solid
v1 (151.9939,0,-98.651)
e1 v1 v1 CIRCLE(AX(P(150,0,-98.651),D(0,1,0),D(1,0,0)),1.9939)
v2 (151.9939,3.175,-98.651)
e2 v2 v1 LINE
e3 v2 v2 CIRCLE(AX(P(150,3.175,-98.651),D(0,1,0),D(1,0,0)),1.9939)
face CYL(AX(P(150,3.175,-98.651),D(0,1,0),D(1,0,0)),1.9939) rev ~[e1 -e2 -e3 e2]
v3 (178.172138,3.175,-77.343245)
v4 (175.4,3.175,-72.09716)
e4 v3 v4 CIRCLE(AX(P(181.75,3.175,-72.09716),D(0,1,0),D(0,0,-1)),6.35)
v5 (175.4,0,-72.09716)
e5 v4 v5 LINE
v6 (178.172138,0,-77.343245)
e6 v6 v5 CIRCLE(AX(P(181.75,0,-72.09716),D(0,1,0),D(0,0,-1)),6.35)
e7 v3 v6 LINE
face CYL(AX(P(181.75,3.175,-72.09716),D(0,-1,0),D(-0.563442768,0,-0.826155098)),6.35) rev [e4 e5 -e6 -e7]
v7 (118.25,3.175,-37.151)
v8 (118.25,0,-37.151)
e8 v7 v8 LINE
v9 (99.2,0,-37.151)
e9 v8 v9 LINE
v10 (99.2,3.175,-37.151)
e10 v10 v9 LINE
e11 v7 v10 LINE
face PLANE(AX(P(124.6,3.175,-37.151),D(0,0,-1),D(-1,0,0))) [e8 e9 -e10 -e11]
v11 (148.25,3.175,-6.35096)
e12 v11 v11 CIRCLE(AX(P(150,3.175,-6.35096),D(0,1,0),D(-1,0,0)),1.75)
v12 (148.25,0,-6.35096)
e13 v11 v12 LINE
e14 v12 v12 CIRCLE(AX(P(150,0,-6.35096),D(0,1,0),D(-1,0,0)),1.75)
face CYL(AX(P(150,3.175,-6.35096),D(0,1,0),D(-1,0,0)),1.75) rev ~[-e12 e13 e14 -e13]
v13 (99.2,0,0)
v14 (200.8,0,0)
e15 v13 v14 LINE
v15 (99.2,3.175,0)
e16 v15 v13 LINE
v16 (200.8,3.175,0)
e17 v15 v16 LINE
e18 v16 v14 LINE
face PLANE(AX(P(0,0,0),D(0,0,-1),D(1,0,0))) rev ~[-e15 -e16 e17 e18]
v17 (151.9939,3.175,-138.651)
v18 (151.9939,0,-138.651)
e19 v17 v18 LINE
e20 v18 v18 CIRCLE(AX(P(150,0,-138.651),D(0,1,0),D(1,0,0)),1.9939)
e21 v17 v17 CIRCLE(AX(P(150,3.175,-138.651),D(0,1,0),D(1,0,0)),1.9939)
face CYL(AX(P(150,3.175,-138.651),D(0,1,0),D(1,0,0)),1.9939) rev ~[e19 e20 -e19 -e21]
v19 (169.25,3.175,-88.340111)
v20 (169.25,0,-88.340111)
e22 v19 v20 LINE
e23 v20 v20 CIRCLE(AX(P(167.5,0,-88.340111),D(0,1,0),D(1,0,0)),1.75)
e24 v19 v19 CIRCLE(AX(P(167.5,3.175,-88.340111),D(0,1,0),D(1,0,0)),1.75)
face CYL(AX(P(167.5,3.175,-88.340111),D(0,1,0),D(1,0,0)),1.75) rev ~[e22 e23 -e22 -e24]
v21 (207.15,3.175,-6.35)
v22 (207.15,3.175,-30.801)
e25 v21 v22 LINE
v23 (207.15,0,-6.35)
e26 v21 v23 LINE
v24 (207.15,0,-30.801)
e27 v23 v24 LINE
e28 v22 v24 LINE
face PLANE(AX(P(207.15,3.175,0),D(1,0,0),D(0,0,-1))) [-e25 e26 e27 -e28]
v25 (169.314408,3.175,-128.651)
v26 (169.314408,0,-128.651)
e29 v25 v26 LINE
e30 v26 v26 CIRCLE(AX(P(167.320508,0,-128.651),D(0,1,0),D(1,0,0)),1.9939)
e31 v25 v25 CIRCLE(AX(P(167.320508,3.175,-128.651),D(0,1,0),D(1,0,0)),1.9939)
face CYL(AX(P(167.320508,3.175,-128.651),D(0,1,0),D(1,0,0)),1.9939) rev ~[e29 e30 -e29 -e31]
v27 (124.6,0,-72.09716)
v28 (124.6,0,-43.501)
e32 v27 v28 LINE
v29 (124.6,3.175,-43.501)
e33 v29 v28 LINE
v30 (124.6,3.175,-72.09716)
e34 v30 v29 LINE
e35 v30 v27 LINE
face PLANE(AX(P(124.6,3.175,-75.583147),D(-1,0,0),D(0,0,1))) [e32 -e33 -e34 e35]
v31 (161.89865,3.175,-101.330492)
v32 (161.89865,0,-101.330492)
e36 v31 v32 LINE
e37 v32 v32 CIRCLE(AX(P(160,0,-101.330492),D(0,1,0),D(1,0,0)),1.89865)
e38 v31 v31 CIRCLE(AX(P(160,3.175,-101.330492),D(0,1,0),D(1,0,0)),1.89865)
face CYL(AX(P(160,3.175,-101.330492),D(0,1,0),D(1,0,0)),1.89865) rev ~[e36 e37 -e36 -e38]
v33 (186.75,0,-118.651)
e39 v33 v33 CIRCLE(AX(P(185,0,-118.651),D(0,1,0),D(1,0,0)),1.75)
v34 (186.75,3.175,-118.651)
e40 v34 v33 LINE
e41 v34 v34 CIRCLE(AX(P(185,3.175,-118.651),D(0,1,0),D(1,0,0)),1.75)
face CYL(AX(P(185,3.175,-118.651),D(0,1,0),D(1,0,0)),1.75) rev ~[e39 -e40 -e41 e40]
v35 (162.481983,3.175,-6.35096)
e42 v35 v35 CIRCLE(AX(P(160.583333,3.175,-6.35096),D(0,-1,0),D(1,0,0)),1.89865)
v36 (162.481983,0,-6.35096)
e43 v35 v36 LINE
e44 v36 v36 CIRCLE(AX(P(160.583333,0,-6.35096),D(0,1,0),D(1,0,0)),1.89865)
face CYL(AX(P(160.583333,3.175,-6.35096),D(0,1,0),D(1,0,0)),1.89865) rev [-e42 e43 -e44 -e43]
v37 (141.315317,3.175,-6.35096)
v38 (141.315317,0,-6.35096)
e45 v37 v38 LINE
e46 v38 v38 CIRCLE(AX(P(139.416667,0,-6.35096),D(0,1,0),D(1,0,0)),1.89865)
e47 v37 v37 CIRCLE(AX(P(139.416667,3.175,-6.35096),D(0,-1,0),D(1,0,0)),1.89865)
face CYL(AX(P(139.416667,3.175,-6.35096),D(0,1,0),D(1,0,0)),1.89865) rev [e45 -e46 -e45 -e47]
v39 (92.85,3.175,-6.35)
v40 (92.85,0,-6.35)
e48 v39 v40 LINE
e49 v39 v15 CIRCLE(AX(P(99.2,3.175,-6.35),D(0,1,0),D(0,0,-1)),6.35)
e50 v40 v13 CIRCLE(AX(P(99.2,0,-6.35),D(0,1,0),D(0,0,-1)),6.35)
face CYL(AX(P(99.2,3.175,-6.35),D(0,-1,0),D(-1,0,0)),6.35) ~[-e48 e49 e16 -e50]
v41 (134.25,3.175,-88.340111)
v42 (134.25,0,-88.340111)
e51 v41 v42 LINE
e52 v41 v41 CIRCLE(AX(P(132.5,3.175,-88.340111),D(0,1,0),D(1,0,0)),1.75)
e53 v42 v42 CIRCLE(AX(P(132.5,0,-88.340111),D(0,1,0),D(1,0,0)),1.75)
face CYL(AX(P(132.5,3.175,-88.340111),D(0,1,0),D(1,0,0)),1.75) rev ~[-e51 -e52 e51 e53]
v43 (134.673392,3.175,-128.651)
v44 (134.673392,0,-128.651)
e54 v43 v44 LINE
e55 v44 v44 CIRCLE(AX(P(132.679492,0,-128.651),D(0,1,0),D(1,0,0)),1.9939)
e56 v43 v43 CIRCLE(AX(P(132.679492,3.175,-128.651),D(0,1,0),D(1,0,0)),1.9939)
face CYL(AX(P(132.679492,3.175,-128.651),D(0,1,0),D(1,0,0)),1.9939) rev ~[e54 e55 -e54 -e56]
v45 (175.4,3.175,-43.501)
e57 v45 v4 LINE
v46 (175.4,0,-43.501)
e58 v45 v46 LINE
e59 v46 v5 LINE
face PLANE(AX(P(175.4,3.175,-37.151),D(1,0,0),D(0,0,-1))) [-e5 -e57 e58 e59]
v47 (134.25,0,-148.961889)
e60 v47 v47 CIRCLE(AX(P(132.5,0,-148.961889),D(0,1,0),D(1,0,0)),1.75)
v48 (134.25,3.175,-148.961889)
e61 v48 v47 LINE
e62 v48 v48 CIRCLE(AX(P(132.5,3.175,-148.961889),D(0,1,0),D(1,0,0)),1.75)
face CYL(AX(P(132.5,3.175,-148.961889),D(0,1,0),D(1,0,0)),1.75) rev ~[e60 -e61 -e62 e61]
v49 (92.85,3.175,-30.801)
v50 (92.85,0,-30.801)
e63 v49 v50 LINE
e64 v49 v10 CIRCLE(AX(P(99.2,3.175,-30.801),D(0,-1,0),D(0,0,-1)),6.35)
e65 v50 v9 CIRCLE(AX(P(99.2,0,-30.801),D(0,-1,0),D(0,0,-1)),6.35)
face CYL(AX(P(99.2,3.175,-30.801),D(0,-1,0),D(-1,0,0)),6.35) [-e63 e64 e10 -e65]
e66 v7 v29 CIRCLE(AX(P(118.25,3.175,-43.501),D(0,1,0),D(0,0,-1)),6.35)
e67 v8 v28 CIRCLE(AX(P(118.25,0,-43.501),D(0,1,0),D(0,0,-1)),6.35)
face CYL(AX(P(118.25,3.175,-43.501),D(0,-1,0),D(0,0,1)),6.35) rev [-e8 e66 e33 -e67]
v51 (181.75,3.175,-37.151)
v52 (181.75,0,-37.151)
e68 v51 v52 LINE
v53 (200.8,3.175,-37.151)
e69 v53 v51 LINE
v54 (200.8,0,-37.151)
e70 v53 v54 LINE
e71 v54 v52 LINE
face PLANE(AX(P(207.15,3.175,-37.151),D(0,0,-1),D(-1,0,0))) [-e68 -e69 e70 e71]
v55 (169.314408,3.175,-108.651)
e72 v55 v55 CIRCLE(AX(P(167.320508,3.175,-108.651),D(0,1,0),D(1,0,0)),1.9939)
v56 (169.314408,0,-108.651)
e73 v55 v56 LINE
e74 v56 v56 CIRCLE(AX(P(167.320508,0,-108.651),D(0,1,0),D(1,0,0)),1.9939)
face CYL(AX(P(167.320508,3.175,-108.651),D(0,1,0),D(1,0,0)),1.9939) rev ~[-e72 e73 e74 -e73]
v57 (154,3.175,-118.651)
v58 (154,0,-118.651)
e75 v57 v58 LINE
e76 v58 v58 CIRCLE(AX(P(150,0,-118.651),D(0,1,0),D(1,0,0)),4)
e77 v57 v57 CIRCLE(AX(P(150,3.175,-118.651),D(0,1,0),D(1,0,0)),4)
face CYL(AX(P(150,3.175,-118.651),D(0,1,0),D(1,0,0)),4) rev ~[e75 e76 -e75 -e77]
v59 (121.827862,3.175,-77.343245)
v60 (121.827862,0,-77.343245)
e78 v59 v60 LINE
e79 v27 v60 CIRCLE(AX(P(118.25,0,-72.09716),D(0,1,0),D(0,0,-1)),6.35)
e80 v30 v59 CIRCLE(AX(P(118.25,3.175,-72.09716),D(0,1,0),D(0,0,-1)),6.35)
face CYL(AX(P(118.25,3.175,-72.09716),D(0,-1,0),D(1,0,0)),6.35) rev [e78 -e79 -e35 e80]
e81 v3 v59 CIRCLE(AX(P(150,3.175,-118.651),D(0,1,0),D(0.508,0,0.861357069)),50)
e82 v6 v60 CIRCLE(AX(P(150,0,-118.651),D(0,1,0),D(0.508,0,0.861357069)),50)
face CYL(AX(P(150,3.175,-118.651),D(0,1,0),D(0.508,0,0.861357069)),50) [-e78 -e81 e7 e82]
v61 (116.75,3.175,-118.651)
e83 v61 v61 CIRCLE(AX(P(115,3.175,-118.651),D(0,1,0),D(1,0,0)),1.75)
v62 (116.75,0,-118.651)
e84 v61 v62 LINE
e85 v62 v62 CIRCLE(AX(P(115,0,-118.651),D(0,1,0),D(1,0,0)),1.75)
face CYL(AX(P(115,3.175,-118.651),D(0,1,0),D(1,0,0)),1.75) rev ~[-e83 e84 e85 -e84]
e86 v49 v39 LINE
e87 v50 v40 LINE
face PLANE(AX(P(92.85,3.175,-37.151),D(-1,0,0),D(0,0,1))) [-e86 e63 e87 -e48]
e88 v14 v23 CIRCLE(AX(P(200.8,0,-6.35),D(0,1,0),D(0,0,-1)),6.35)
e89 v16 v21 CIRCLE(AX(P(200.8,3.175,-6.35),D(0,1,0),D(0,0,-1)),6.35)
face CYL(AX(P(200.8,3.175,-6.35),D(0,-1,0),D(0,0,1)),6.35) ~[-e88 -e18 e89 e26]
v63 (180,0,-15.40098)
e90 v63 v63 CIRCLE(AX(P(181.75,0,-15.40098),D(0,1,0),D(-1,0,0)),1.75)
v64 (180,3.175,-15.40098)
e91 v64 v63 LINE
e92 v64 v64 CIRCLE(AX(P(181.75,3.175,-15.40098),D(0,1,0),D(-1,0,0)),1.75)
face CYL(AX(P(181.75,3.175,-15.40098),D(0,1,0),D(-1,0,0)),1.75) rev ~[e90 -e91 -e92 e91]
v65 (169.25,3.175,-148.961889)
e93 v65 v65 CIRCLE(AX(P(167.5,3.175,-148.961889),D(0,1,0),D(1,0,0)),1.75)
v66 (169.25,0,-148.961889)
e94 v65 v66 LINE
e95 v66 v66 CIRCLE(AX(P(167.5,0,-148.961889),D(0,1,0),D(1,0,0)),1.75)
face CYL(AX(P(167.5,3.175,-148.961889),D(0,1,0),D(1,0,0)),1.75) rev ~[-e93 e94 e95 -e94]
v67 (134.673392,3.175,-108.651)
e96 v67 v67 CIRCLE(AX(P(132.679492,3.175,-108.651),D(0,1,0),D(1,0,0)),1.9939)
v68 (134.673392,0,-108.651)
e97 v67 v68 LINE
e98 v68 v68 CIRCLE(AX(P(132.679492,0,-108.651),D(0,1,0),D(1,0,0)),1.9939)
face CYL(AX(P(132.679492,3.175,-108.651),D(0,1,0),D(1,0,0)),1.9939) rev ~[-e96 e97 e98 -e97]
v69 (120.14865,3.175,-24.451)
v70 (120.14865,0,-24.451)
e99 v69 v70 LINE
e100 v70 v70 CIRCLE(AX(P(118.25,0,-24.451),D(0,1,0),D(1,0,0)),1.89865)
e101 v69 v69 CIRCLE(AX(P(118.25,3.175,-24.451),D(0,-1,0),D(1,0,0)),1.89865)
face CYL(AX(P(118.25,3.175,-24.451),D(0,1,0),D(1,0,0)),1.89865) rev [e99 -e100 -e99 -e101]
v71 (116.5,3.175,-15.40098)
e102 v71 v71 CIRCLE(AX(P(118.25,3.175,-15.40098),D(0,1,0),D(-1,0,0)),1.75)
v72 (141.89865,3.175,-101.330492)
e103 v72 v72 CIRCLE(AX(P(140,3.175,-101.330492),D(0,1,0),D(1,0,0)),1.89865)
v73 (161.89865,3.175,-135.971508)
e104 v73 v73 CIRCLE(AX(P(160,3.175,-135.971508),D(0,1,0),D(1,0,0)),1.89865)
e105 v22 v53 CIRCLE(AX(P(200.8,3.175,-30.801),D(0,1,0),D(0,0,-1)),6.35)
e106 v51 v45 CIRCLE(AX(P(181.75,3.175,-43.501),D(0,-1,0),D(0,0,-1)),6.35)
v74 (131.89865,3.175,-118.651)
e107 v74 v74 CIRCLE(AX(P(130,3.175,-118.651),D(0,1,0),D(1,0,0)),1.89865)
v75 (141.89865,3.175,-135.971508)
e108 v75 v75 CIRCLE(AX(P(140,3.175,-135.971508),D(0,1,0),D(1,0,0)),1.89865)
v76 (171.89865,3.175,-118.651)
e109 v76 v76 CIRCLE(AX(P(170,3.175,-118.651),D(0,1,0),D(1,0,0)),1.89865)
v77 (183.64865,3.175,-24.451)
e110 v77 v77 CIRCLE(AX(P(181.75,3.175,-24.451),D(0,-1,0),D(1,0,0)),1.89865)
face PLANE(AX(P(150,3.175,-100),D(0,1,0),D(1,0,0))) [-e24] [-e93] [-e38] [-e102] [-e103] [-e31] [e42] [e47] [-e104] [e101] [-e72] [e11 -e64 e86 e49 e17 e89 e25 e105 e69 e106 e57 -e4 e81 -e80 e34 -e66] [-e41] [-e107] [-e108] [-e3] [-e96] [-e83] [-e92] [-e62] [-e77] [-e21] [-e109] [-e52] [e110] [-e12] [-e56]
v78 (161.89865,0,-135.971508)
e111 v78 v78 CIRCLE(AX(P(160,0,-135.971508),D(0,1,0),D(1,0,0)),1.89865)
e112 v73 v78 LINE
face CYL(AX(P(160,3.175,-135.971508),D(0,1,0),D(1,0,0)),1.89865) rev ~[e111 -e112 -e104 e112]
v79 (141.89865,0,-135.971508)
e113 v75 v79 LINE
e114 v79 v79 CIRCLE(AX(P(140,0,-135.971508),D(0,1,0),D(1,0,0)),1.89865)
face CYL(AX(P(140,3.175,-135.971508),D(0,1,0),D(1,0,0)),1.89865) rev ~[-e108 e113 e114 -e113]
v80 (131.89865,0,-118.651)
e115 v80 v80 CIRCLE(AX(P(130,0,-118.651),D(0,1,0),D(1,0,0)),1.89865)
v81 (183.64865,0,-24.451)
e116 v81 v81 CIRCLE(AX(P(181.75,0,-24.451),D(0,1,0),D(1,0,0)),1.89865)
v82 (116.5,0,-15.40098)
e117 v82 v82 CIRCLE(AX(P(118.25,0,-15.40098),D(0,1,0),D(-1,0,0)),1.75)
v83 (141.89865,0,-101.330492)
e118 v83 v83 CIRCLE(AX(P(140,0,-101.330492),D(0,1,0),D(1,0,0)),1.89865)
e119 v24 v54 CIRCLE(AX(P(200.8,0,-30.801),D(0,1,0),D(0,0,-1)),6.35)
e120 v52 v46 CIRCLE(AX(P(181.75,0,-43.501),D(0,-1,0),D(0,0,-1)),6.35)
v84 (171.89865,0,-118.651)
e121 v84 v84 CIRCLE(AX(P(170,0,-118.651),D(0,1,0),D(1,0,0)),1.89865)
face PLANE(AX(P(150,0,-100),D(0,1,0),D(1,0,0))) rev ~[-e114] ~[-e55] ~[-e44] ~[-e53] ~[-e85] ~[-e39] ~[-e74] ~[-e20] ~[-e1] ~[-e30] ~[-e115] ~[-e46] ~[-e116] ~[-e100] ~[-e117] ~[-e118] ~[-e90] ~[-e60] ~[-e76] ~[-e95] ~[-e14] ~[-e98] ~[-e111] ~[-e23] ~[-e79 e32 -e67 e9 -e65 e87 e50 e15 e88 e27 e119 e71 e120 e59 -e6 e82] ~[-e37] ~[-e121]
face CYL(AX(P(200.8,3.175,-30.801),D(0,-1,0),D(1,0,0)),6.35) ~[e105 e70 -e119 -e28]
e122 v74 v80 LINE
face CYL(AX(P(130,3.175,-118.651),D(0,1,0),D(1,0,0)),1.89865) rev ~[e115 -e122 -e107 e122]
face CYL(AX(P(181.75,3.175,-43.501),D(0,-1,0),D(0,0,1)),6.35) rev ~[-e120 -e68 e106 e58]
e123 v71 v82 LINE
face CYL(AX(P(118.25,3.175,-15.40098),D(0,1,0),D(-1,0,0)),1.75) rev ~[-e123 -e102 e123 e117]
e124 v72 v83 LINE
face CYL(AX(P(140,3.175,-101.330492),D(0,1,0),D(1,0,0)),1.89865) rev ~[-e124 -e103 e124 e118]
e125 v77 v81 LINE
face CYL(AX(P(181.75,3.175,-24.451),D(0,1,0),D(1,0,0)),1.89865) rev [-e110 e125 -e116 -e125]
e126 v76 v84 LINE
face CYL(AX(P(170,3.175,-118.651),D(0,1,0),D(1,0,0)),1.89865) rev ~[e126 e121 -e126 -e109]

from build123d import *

# Parameters (mm, degrees)
SKETCH1_W           = 300
SKETCH1_H           = 200
BOSS_EXTRUDE1_DEPTH = 3.175
SKETCH6_R           = 4
CUT_EXTRUDE2_DEPTH  = 4.175
FILLET1_R           = 6.35
SKETCH2_R           = 1.5
CUT_EXTRUDE1_DEPTH  = 4.175
SKETCH16_R          = 1.89865
M5_THROUGH_DEPTH    = 4.175
SKETCH9_R           = 1.75
SKETCH9_R_2         = 1.89865
CUT_EXTRUDE3_DEPTH  = 4.175
SKETCH10_R          = 1.89865
SKETCH10_R_2        = 1.9939
CUT_EXTRUDE5_DEPTH  = 4.175
SKETCH17_R          = 1.75
M3_THROUGH_DEPTH    = 4.175
FILLET2_R           = 6.35


with BuildPart() as part:
    # Sketch1 → Boss-Extrude1 (new body)
    with BuildSketch(Plane(origin=(0, 0, 0), x_dir=(1, 0, 0), z_dir=(0, 1, 0))):
        with Locations((150, 100)):
            Rectangle(SKETCH1_W, SKETCH1_H)
    extrude(amount=BOSS_EXTRUDE1_DEPTH)

    # Sketch6 → Cut-Extrude2 (cut, through all)
    with BuildSketch(Plane(origin=(0, 3.175, 0), x_dir=(1, 0, 0), z_dir=(0, 1, 0))):
        with Locations((150, 118.651)):
            Circle(SKETCH6_R)
    extrude(amount=-CUT_EXTRUDE2_DEPTH, mode=Mode.SUBTRACT)

    # Fillet1
    fillet1_edges = [part.edges().sort_by_distance(p)[0] for p in [
        (0, 1.5875, -200),
        (300, 1.5875, -200),
        (300, 1.5875, 0),
        (0, 1.5875, 0),
    ]]
    fillet(fillet1_edges, radius=FILLET1_R)

    # Sketch2 → Cut-Extrude1 (cut, through all)
    with BuildSketch(Plane(origin=(0, 3.175, 0), x_dir=(1, 0, 0), z_dir=(0, 1, 0))):
        with Locations((6.35, 174.6)):
            Circle(SKETCH2_R)
        with Locations((6.35, 49.9999)):
            Circle(SKETCH2_R)
        with Locations((249.2, 75.3999)):
            Circle(SKETCH2_R)
        with Locations((50.8, 75.3999)):
            Circle(SKETCH2_R)
        with Locations((293.65, 49.9999)):
            Circle(SKETCH2_R)
        with Locations((50.8, 24.5999)):
            Circle(SKETCH2_R)
        with Locations((249.2, 24.5999)):
            Circle(SKETCH2_R)
        with Locations((25.4, 193.65)):
            Circle(SKETCH2_R)
        with Locations((274.6, 193.65)):
            Circle(SKETCH2_R)
        with Locations((293.65, 174.6)):
            Circle(SKETCH2_R)
    extrude(amount=-CUT_EXTRUDE1_DEPTH, mode=Mode.SUBTRACT)

    # Sketch16 → M5_through (cut, through all)
    with BuildSketch(Plane(origin=(0, 3.175, -5.8), x_dir=(1, 0, 0), z_dir=(0, -1, 0))):
        with Locations((118.25, -18.651)):
            Circle(SKETCH16_R)
        with Locations((139.416666667, -0.55096)):
            Circle(SKETCH16_R)
        with Locations((160.583333333, -0.55096)):
            Circle(SKETCH16_R)
        with Locations((181.75, -18.651)):
            Circle(SKETCH16_R)
    extrude(amount=M5_THROUGH_DEPTH, mode=Mode.SUBTRACT)

    # Sketch9 → Cut-Extrude3 (cut, through all)
    with BuildSketch(Plane(origin=(0, 3.175, 0), x_dir=(-1, 0, 0), z_dir=(0, 1, 0))):
        with Locations((-118.25, -15.40098)):
            Circle(SKETCH9_R)
        with Locations((-150, -6.35096)):
            Circle(SKETCH9_R)
        with Locations((-181.75, -15.40098)):
            Circle(SKETCH9_R)
        with Locations((-160.583333333, -6.35096)):
            Circle(SKETCH9_R_2)
    extrude(amount=-CUT_EXTRUDE3_DEPTH, mode=Mode.SUBTRACT)

    # Sketch10 → Cut-Extrude5 (cut, through all)
    with BuildSketch(Plane(origin=(0, 3.175, 0), x_dir=(1, 0, 0), z_dir=(0, 1, 0))):
        with Locations((160, 135.971508076)):
            Circle(SKETCH10_R)
        with Locations((150, 138.651)):
            Circle(SKETCH10_R_2)
        with Locations((167.320508076, 128.651)):
            Circle(SKETCH10_R_2)
        with Locations((167.320508076, 108.651)):
            Circle(SKETCH10_R_2)
        with Locations((150, 98.651)):
            Circle(SKETCH10_R_2)
        with Locations((132.679491924, 108.651)):
            Circle(SKETCH10_R_2)
        with Locations((132.679491924, 128.651)):
            Circle(SKETCH10_R_2)
        with Locations((170, 118.651)):
            Circle(SKETCH10_R)
        with Locations((160, 101.330491924)):
            Circle(SKETCH10_R)
        with Locations((140, 101.330491924)):
            Circle(SKETCH10_R)
        with Locations((130, 118.651)):
            Circle(SKETCH10_R)
        with Locations((140, 135.971508076)):
            Circle(SKETCH10_R)
        with BuildLine():
            Line((124.6, 75.583146559), (124.6, 37.151))
            Line((124.6, 37.151), (92.85, 37.151))
            Line((92.85, 37.151), (92.85, 0))
            Line((92.85, 0), (0, 0))
            Line((0, 0), (0, 200))
            Line((0, 200), (300, 200))
            Line((300, 200), (300, 0))
            Line((300, 0), (207.15, 0))
            Line((207.15, 0), (207.15, 37.151))
            Line((207.15, 37.151), (175.4, 37.151))
            Line((175.4, 37.151), (175.4, 75.583146559))
            ThreePointArc((175.4, 75.583146559), (150, 168.651), (124.6, 75.583146559))
        make_face()
    extrude(amount=-CUT_EXTRUDE5_DEPTH, mode=Mode.SUBTRACT)

    # Sketch17 → M3-through (cut, through all)
    with BuildSketch(Plane(origin=(0, 3.175, 0), x_dir=(1, 0, 0), z_dir=(0, 1, 0))):
        with Locations((185, 118.651)):
            Circle(SKETCH17_R)
        with Locations((167.5, 88.340110868)):
            Circle(SKETCH17_R)
        with Locations((132.5, 88.340110868)):
            Circle(SKETCH17_R)
        with Locations((115, 118.651)):
            Circle(SKETCH17_R)
        with Locations((132.5, 148.961889132)):
            Circle(SKETCH17_R)
        with Locations((167.5, 148.961889132)):
            Circle(SKETCH17_R)
    extrude(amount=-M3_THROUGH_DEPTH, mode=Mode.SUBTRACT)

    # Fillet2
    fillet2_edges = [part.edges().sort_by_distance(p)[0] for p in [
        (175.4, 1.5875, -75.583146559),
        (124.6, 1.5875, -75.583146559),
        (124.6, 1.5875, -37.151),
        (92.85, 1.5875, -37.151),
        (92.85, 1.5875, 0),
        (207.15, 1.5875, 0),
        (207.15, 1.5875, -37.151),
        (175.4, 1.5875, -37.151),
    ]]
    fillet(fillet2_edges, radius=FILLET2_R)


solid = part.part
